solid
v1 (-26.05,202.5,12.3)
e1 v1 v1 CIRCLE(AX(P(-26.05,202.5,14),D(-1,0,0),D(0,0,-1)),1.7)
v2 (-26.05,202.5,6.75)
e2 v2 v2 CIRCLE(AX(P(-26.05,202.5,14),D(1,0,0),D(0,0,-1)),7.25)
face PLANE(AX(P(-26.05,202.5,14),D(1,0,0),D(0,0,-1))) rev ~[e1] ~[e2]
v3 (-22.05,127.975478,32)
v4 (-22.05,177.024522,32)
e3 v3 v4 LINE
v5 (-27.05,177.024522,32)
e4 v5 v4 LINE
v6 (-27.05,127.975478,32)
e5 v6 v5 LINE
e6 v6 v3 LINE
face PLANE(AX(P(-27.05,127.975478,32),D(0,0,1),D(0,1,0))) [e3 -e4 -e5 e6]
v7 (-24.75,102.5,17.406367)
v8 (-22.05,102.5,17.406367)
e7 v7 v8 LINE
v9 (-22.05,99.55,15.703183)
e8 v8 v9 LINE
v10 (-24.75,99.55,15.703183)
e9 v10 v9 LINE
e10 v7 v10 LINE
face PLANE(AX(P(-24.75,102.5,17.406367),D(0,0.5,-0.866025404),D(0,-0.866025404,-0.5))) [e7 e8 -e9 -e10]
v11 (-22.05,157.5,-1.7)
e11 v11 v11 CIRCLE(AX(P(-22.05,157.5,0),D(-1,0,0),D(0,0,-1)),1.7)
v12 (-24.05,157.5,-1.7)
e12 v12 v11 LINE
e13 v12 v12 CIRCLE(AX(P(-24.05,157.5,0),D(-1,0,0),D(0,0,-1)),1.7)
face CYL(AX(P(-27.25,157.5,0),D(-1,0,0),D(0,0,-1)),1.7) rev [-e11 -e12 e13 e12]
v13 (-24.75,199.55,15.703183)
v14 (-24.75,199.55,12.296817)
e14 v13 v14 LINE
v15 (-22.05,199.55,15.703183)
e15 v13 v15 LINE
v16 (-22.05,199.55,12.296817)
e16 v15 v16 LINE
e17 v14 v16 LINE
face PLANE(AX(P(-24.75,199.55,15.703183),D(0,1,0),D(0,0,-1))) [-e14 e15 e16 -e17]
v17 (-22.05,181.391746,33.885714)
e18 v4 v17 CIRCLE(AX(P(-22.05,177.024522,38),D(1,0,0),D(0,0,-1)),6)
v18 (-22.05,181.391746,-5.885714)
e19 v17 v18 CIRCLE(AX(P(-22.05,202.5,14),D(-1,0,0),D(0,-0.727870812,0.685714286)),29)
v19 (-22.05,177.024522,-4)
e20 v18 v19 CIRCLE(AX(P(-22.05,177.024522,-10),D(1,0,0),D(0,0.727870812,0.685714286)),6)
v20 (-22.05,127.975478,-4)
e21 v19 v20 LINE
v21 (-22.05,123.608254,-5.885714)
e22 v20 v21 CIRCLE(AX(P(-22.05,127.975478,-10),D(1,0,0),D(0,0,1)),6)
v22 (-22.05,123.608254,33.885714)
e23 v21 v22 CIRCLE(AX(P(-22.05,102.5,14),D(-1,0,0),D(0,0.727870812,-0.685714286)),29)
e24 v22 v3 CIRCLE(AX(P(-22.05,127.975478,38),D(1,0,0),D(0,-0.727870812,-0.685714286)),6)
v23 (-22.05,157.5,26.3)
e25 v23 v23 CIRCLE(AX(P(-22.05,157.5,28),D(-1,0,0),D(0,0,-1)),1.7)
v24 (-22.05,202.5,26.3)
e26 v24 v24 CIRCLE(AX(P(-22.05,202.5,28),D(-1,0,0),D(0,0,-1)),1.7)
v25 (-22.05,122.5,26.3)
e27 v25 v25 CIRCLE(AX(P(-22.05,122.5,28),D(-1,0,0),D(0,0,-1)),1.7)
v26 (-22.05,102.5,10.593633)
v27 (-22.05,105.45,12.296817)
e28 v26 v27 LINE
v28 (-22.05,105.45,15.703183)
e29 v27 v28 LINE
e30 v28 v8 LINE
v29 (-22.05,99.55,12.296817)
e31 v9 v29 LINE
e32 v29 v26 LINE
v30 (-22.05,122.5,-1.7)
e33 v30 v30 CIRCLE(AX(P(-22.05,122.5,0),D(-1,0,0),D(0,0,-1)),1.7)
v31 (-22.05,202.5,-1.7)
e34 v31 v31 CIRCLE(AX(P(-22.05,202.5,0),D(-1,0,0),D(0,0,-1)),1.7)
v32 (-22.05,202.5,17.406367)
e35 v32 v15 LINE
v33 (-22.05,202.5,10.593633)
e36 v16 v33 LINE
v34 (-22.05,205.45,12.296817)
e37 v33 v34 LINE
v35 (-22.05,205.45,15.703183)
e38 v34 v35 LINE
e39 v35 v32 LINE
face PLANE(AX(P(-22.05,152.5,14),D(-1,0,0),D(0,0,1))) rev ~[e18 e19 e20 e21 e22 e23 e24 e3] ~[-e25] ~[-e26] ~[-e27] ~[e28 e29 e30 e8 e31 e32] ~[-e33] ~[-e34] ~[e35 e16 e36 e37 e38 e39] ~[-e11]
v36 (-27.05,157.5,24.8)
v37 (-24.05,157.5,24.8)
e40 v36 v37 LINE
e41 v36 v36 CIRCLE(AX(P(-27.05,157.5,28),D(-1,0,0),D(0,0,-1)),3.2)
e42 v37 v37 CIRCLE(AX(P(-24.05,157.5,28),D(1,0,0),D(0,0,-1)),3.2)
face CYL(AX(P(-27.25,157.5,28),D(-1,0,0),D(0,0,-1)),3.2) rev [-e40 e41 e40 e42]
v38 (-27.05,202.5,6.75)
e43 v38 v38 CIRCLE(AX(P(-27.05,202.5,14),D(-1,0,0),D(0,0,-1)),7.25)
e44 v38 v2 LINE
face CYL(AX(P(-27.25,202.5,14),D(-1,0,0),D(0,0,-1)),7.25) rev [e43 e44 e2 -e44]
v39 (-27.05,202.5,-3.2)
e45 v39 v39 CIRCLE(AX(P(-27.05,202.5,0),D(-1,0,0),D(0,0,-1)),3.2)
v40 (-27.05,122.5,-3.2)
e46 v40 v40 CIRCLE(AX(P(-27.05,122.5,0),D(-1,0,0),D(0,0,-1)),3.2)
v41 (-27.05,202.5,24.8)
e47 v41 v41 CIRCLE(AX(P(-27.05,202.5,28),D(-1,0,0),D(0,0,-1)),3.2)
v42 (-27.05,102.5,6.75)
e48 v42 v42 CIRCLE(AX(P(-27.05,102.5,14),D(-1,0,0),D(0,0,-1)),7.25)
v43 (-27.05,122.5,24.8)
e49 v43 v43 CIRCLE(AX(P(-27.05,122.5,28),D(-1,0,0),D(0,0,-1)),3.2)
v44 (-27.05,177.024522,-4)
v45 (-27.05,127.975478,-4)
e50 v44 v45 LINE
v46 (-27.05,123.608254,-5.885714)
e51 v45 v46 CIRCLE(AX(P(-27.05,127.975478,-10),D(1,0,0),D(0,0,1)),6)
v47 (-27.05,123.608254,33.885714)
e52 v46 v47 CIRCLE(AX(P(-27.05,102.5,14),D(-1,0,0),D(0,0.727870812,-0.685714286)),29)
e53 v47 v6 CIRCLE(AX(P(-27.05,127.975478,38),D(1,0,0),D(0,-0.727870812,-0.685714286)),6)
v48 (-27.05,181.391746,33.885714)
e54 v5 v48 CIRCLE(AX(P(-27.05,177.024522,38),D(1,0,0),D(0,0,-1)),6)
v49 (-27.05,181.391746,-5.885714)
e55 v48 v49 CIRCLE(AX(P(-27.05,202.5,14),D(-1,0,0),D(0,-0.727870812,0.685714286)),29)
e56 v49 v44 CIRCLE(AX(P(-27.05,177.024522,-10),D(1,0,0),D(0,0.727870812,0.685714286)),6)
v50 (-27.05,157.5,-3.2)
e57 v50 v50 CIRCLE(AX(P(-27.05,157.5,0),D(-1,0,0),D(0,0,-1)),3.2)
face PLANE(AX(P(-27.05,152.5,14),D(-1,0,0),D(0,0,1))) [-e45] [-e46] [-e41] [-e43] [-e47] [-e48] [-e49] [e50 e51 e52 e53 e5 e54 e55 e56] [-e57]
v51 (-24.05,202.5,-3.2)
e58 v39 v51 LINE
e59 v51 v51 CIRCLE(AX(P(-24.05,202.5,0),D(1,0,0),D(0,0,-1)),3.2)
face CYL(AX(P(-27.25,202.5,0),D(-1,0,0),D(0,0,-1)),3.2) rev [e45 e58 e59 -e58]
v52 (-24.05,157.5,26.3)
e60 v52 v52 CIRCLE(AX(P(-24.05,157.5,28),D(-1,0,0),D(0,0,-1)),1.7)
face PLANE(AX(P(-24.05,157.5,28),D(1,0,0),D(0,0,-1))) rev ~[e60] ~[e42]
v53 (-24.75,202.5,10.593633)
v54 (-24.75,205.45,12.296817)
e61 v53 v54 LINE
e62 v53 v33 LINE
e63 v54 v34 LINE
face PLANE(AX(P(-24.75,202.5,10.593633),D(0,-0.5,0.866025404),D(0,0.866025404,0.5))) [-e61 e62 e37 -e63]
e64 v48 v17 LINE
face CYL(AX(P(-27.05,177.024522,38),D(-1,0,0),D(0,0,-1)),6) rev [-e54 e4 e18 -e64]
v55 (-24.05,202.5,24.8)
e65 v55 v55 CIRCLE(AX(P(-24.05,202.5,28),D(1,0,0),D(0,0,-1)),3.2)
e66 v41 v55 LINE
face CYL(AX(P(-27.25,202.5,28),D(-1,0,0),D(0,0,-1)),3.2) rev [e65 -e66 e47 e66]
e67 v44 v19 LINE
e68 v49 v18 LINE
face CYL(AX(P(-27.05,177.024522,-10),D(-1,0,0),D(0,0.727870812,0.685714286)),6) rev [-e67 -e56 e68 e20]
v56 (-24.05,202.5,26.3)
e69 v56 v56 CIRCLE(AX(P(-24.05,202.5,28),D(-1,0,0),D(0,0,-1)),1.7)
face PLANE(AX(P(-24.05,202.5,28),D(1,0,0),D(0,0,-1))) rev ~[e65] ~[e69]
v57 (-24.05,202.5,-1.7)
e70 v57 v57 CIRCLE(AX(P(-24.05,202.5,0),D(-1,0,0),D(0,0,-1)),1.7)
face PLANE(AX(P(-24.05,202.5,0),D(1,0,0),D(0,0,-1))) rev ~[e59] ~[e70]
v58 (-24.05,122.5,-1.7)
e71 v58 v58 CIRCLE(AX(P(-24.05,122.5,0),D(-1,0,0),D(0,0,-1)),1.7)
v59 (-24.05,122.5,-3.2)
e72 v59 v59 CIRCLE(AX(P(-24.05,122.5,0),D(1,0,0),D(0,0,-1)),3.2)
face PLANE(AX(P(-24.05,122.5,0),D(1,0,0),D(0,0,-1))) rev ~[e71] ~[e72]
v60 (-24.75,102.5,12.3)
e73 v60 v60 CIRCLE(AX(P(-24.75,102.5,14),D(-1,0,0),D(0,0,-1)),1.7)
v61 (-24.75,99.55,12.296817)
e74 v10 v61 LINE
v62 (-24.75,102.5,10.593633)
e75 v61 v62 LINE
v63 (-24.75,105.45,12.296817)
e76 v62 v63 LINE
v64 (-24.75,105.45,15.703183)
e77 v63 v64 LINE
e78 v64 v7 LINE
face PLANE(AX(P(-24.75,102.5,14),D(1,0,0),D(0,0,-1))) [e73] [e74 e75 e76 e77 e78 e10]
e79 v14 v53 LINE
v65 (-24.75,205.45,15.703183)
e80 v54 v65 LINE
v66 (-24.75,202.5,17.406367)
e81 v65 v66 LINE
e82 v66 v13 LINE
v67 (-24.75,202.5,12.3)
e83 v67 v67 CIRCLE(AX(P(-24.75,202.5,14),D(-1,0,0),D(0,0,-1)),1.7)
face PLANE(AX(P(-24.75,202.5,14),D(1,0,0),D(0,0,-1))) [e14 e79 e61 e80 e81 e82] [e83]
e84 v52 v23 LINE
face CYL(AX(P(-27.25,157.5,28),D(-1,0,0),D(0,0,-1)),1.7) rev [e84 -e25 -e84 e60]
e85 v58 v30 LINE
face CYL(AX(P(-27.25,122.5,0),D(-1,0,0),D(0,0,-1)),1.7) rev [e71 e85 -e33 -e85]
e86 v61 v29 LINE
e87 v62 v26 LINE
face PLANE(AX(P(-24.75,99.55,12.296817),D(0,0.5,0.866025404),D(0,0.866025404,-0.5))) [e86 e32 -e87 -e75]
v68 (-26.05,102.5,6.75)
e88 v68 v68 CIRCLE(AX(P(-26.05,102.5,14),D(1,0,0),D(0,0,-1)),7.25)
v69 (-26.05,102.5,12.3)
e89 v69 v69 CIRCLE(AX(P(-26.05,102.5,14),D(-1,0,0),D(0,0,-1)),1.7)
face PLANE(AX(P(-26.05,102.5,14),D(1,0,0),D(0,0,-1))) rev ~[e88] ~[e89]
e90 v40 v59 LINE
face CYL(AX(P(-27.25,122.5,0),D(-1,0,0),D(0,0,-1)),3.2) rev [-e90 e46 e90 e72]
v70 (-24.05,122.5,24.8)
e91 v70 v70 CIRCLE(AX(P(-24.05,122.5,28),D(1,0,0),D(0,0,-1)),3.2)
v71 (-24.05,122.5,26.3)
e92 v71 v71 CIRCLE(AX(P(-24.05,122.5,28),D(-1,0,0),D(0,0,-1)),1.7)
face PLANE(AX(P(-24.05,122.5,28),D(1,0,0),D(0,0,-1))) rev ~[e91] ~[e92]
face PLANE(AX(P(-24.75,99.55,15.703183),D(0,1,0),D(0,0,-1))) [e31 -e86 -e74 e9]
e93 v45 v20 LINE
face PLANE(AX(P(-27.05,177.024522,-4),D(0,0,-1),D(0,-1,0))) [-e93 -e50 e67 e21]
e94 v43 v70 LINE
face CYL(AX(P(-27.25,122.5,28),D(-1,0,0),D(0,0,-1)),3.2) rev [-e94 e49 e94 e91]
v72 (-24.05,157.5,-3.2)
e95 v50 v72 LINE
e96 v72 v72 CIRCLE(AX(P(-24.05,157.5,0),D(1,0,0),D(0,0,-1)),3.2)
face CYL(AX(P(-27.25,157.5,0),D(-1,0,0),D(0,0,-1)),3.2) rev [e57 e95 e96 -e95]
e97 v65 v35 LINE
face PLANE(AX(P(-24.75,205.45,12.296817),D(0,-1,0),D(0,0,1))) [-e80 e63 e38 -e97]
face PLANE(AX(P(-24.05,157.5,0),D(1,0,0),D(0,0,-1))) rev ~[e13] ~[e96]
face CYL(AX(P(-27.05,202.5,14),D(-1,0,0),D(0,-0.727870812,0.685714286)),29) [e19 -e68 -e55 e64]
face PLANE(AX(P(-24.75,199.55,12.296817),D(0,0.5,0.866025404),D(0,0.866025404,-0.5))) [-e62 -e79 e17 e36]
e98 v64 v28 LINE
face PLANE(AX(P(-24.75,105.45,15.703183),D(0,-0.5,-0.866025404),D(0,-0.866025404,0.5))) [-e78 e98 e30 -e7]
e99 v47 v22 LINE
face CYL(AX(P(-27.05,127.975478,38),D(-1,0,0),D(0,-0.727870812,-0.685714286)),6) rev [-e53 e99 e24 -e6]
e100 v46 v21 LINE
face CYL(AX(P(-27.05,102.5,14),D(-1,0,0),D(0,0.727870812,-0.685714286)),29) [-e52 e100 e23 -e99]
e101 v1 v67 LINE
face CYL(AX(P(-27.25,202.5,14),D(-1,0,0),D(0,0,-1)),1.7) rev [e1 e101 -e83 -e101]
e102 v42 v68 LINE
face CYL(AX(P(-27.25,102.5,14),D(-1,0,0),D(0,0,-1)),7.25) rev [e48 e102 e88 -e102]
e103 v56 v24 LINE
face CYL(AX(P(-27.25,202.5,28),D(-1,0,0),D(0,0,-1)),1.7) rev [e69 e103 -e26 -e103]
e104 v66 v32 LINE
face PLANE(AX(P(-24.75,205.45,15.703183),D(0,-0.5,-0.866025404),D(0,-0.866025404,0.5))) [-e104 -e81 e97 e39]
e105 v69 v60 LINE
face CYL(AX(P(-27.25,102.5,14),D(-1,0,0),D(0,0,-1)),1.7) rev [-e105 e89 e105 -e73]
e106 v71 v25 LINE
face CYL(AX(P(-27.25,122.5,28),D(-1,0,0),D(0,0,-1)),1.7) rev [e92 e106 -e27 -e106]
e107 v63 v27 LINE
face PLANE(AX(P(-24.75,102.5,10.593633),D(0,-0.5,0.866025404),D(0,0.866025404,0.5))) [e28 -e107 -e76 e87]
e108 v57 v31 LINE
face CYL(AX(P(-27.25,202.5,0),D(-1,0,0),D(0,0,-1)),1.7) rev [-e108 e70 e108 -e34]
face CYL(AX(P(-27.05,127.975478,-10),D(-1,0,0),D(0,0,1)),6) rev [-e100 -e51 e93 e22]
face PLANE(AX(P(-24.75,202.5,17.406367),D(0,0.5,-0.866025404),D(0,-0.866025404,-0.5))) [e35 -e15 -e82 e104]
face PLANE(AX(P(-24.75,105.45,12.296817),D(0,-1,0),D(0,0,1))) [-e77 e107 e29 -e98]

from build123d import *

# Parameters (mm, degrees)
PLATE_START        = -27.05
PLATE_B_DEPTH      = 5
PIN_START          = -27.25
SKETCH2_R          = 7.25
PIN_SEATS_DEPTH    = 1.2
BOLT_START         = -27.25
SKETCH3_R          = 1.7
BOLT_HOLES_DEPTH   = 5.4
PIN_START_2        = -24.75
PIN_NUTS_DEPTH     = 2.9
COUNTERBORES_START = -27.25
SKETCH5_R          = 3.2
COUNTERBORES_DEPTH = 3.2


with BuildPart() as part:
    # Sketch1 → Plate B (new body)
    with BuildSketch(Plane(origin=(0, 0, 0), x_dir=(0, 0, -1), z_dir=(1, 0, 0)).offset(PLATE_START)):
        with BuildLine():
            Line((-32, 127.975478406), (-32, 177.024521594))
            ThreePointArc((-32, 177.024521594), (-32.49156491, 179.402996496), (-33.885714286, 181.391746464))
            ThreePointArc((-33.885714286, 181.391746464), (-14, 231.5), (5.885714286, 181.391746464))
            ThreePointArc((5.885714286, 181.391746464), (4.49156491, 179.402996496), (4, 177.024521594))
            Line((4, 177.024521594), (4, 127.975478406))
            ThreePointArc((4, 127.975478406), (4.49156491, 125.597003504), (5.885714286, 123.608253536))
            ThreePointArc((5.885714286, 123.608253536), (-14, 73.5), (-33.885714286, 123.608253536))
            ThreePointArc((-33.885714286, 123.608253536), (-32.49156491, 125.597003504), (-32, 127.975478406))
        make_face()
    extrude(amount=PLATE_B_DEPTH)

    # Sketch2 → Pin seats (cut)
    with BuildSketch(Plane(origin=(0, 0, 0), x_dir=(0, 0, -1), z_dir=(1, 0, 0)).offset(PIN_START)):
        with Locations((-14, 102.5)):
            Circle(SKETCH2_R)
        with Locations((-14, 202.5)):
            Circle(SKETCH2_R)
    extrude(amount=PIN_SEATS_DEPTH, mode=Mode.SUBTRACT)

    # Sketch3 → Bolt holes (cut)
    with BuildSketch(Plane(origin=(0, 0, 0), x_dir=(0, 0, -1), z_dir=(1, 0, 0)).offset(BOLT_START)):
        with Locations((-14, 102.5)):
            Circle(SKETCH3_R)
        with Locations((-14, 202.5)):
            Circle(SKETCH3_R)
        with Locations((0, 122.5)):
            Circle(SKETCH3_R)
        with Locations((-28, 122.5)):
            Circle(SKETCH3_R)
        with Locations((0, 157.5)):
            Circle(SKETCH3_R)
        with Locations((-28, 157.5)):
            Circle(SKETCH3_R)
        with Locations((0, 202.5)):
            Circle(SKETCH3_R)
        with Locations((-28, 202.5)):
            Circle(SKETCH3_R)
    extrude(amount=BOLT_HOLES_DEPTH, mode=Mode.SUBTRACT)

    # Sketch4 → Pin nuts (cut)
    with BuildSketch(Plane(origin=(0, 0, 0), x_dir=(0, 0, -1), z_dir=(1, 0, 0)).offset(PIN_START_2)):
        Polygon((-15.703183294, 105.45), (-17.406366588, 102.5), (-15.703183294, 99.55), (-12.296816706, 99.55), (-10.593633412, 102.5), (-12.296816706, 105.45), align=None)
        Polygon((-15.703183294, 205.45), (-17.406366588, 202.5), (-15.703183294, 199.55), (-12.296816706, 199.55), (-10.593633412, 202.5), (-12.296816706, 205.45), align=None)
    extrude(amount=PIN_NUTS_DEPTH, mode=Mode.SUBTRACT)

    # Sketch5 → Counterbores (cut)
    with BuildSketch(Plane(origin=(0, 0, 0), x_dir=(0, 0, -1), z_dir=(1, 0, 0)).offset(COUNTERBORES_START)):
        with Locations((0, 122.5)):
            Circle(SKETCH5_R)
        with Locations((-28, 122.5)):
            Circle(SKETCH5_R)
        with Locations((0, 157.5)):
            Circle(SKETCH5_R)
        with Locations((-28, 157.5)):
            Circle(SKETCH5_R)
        with Locations((0, 202.5)):
            Circle(SKETCH5_R)
        with Locations((-28, 202.5)):
            Circle(SKETCH5_R)
    extrude(amount=COUNTERBORES_DEPTH, mode=Mode.SUBTRACT)


solid = part.part
